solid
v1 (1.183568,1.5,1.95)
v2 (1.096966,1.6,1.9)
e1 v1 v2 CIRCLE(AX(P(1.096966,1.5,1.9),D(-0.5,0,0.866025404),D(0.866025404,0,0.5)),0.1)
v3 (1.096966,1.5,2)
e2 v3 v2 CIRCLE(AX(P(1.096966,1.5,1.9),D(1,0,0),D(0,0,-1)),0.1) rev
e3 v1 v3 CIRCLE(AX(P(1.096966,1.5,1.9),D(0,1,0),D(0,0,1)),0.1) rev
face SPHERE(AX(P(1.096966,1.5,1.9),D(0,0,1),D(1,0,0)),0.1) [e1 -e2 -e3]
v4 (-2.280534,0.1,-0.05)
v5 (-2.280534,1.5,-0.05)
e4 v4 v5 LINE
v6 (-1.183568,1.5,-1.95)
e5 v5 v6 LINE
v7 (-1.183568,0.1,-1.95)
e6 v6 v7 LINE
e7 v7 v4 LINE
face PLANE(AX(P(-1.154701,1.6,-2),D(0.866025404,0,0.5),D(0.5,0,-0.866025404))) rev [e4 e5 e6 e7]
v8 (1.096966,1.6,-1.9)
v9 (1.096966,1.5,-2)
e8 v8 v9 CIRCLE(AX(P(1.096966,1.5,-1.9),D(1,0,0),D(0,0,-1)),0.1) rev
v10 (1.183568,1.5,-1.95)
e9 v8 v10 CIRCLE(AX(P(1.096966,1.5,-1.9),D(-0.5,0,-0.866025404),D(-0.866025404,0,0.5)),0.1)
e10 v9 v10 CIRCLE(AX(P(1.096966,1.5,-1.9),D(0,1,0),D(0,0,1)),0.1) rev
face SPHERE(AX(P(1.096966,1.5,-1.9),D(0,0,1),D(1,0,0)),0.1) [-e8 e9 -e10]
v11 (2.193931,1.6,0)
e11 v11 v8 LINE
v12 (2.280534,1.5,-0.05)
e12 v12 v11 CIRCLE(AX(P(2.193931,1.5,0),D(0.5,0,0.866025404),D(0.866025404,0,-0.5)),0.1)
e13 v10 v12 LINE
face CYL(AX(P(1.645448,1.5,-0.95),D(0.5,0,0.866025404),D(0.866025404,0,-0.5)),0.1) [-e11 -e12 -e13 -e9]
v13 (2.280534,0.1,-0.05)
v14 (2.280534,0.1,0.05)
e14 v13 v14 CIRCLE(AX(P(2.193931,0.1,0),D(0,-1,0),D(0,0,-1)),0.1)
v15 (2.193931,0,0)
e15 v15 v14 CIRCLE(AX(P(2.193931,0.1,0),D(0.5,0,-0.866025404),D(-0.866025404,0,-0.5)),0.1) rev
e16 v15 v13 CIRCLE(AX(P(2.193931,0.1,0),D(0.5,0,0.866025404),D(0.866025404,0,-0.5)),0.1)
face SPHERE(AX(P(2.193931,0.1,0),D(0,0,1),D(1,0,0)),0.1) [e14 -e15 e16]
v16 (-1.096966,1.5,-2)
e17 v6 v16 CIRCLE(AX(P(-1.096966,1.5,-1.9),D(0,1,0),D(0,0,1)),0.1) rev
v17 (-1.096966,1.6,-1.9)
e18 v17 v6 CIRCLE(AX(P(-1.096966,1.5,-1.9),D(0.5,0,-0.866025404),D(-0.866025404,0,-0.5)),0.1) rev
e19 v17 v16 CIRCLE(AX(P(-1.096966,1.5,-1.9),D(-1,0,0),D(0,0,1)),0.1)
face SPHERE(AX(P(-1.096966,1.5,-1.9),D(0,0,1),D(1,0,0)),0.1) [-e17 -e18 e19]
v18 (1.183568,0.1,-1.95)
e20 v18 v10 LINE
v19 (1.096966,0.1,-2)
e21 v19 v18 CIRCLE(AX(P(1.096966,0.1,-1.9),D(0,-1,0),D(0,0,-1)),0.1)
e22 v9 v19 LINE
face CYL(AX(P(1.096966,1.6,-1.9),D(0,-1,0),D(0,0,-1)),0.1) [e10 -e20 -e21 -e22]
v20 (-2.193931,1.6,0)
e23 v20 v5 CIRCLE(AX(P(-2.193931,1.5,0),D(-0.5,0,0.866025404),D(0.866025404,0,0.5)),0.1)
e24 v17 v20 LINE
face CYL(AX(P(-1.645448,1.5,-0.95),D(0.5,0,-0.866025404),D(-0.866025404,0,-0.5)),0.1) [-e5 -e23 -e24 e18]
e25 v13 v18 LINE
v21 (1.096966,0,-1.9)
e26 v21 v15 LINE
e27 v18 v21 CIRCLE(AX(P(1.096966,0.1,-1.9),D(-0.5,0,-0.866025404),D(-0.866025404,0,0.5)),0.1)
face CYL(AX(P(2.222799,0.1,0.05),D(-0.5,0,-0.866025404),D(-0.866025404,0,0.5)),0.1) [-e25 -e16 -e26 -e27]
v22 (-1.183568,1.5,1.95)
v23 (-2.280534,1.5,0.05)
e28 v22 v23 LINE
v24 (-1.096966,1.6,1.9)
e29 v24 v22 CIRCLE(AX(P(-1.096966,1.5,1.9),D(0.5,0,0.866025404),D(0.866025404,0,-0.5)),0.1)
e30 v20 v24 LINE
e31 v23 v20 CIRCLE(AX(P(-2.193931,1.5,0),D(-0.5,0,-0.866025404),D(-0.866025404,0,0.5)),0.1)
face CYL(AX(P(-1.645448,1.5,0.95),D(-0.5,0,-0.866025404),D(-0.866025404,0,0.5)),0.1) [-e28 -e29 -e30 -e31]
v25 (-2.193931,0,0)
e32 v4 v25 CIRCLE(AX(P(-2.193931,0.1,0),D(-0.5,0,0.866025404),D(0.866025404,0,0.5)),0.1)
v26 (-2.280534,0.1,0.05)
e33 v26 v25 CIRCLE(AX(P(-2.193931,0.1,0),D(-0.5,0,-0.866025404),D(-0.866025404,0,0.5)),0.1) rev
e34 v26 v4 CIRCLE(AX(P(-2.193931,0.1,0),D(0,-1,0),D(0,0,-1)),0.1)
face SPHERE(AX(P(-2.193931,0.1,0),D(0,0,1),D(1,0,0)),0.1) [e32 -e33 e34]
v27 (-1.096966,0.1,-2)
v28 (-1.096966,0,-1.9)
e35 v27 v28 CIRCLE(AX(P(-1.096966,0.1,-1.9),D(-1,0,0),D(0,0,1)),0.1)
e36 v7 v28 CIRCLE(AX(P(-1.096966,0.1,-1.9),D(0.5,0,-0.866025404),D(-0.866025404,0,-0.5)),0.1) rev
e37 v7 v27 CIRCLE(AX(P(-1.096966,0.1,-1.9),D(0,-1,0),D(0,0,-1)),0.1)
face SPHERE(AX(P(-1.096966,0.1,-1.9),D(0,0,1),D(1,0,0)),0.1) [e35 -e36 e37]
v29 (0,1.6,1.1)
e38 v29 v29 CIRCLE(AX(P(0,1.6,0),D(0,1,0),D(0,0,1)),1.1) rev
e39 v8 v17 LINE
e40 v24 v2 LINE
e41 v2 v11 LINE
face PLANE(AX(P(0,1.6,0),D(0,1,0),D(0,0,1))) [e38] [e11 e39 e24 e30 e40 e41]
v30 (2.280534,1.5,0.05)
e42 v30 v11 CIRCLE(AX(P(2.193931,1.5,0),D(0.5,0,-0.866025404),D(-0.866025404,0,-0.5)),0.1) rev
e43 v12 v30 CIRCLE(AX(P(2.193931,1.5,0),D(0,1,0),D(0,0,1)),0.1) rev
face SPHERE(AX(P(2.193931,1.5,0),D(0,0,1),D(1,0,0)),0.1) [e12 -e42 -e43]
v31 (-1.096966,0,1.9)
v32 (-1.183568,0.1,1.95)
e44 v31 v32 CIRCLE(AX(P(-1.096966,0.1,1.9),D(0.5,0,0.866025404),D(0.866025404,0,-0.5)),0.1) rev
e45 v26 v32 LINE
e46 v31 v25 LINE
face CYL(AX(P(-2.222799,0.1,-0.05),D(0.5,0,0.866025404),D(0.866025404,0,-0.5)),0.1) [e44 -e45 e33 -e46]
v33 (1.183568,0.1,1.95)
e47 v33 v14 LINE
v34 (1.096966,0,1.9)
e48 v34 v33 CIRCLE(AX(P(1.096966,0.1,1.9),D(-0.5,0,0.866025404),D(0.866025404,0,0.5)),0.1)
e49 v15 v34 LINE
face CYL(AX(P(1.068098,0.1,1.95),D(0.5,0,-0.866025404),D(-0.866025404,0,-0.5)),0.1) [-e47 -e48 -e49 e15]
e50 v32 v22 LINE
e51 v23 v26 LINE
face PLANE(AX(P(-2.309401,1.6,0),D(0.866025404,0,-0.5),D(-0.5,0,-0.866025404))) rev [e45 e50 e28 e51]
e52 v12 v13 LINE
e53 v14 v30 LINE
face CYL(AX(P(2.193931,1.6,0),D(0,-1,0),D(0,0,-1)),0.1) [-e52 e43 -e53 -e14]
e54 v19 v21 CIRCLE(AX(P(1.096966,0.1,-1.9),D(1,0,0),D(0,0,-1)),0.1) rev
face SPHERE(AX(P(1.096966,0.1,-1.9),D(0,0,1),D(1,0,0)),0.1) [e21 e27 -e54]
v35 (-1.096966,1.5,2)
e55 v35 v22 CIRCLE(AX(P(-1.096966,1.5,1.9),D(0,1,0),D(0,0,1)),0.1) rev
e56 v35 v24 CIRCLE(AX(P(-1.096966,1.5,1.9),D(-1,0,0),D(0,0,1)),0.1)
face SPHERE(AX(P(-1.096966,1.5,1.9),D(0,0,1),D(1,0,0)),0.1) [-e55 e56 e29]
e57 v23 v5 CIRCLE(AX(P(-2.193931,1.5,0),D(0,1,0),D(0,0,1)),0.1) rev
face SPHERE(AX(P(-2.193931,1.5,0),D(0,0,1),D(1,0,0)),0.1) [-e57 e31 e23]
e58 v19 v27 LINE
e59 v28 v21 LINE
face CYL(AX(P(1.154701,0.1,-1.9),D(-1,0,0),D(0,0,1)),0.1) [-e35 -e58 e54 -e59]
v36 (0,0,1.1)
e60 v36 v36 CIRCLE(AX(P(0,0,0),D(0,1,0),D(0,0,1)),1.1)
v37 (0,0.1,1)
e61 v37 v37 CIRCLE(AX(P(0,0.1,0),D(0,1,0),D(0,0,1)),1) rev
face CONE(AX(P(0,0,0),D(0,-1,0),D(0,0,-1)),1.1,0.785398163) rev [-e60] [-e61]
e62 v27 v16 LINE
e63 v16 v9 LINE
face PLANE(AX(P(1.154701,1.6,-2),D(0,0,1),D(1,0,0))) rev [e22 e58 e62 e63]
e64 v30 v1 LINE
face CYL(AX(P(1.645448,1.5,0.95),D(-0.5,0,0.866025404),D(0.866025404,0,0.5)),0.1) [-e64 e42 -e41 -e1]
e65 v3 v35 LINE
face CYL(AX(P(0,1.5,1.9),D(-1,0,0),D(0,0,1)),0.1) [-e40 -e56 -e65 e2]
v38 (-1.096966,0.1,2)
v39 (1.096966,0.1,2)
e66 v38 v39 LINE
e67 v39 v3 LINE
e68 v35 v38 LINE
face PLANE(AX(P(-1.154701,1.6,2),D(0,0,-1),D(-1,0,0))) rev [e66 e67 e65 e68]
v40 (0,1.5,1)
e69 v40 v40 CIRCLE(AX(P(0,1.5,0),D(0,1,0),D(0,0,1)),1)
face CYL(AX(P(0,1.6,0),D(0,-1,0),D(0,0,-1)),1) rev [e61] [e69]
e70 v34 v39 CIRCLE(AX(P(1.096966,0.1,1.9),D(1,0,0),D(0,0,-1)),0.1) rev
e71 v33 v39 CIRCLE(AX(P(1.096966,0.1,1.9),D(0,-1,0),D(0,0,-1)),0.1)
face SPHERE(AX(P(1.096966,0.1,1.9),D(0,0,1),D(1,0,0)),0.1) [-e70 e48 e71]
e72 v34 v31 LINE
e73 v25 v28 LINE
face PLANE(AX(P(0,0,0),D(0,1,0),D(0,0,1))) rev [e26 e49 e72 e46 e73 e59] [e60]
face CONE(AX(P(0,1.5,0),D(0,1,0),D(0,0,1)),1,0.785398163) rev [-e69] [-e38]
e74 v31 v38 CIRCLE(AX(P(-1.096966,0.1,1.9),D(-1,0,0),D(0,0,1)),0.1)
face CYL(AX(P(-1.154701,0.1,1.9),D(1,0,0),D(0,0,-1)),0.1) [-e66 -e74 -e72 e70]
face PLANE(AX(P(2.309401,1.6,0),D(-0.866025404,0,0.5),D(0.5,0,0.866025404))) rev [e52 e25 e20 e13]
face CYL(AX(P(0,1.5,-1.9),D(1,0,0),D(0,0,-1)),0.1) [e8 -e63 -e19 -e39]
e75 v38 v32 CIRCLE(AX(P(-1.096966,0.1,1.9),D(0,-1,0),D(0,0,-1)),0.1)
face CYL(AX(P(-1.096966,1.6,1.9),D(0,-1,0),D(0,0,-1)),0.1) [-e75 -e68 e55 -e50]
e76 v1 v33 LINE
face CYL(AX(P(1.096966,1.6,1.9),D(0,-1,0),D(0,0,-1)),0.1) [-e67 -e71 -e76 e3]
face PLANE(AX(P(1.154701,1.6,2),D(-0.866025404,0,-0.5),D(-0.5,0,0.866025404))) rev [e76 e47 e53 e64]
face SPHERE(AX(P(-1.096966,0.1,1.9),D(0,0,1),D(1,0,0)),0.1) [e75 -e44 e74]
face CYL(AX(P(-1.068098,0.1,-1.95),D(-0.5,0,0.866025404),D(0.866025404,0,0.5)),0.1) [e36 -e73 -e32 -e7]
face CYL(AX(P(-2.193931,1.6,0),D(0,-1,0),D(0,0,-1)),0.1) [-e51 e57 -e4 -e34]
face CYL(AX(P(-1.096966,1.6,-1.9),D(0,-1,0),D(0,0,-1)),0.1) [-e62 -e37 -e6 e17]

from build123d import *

# Parameters (mm, degrees)
SKETCH_2_R      = 1
EXTRUDE_1_DEPTH = 1.6
FILLET_1_R      = 0.1
CHAMFER_1_SIZE  = 0.1


with BuildPart() as part:
    # 草图2 → 凸台-拉伸1 (new body)
    with BuildSketch(Plane(origin=(0, 0, 0), x_dir=(1, 0, 0), z_dir=(0, 1, 0))):
        Polygon((2.309401077, 0), (1.154700538, 2), (-1.154700538, 2), (-2.309401077, 0), (-1.154700538, -2), (1.154700538, -2), align=None)
        with Locations(Location((0, 0, 0), (0, 0, 270))):
            Circle(SKETCH_2_R, mode=Mode.SUBTRACT)
    extrude(amount=EXTRUDE_1_DEPTH)

    # 圆角1
    fillet_1_edges = [part.edges().sort_by_distance(p)[0] for p in [
        (1.154700538, 0.8, 2),
        (-1.154700538, 0.8, 2),
        (-2.309401077, 0.8, 0),
        (-1.154700538, 0.8, -2),
        (1.154700538, 0.8, -2),
        (2.309401077, 0.8, 0),
        (0, 1.6, -2),
        (-1.732050808, 1.6, -1),
        (-1.732050808, 1.6, 1),
        (0, 1.6, 2),
        (1.732050808, 1.6, 1),
        (0, 0, 2),
        (-1.732050808, 0, 1),
        (-1.732050808, 0, -1),
        (0, 0, -2),
        (1.732050808, 0, -1),
        (1.732050808, 0, 1),
        (1.732050808, 1.6, -1),
    ]]
    fillet(fillet_1_edges, radius=FILLET_1_R)

    # 倒角1
    chamfer_1_edges = [part.edges().sort_by_distance(p)[0] for p in [
        (0, 0, -1),
        (0, 1.6, -1),
    ]]
    chamfer(chamfer_1_edges, length=CHAMFER_1_SIZE)


solid = part.part
